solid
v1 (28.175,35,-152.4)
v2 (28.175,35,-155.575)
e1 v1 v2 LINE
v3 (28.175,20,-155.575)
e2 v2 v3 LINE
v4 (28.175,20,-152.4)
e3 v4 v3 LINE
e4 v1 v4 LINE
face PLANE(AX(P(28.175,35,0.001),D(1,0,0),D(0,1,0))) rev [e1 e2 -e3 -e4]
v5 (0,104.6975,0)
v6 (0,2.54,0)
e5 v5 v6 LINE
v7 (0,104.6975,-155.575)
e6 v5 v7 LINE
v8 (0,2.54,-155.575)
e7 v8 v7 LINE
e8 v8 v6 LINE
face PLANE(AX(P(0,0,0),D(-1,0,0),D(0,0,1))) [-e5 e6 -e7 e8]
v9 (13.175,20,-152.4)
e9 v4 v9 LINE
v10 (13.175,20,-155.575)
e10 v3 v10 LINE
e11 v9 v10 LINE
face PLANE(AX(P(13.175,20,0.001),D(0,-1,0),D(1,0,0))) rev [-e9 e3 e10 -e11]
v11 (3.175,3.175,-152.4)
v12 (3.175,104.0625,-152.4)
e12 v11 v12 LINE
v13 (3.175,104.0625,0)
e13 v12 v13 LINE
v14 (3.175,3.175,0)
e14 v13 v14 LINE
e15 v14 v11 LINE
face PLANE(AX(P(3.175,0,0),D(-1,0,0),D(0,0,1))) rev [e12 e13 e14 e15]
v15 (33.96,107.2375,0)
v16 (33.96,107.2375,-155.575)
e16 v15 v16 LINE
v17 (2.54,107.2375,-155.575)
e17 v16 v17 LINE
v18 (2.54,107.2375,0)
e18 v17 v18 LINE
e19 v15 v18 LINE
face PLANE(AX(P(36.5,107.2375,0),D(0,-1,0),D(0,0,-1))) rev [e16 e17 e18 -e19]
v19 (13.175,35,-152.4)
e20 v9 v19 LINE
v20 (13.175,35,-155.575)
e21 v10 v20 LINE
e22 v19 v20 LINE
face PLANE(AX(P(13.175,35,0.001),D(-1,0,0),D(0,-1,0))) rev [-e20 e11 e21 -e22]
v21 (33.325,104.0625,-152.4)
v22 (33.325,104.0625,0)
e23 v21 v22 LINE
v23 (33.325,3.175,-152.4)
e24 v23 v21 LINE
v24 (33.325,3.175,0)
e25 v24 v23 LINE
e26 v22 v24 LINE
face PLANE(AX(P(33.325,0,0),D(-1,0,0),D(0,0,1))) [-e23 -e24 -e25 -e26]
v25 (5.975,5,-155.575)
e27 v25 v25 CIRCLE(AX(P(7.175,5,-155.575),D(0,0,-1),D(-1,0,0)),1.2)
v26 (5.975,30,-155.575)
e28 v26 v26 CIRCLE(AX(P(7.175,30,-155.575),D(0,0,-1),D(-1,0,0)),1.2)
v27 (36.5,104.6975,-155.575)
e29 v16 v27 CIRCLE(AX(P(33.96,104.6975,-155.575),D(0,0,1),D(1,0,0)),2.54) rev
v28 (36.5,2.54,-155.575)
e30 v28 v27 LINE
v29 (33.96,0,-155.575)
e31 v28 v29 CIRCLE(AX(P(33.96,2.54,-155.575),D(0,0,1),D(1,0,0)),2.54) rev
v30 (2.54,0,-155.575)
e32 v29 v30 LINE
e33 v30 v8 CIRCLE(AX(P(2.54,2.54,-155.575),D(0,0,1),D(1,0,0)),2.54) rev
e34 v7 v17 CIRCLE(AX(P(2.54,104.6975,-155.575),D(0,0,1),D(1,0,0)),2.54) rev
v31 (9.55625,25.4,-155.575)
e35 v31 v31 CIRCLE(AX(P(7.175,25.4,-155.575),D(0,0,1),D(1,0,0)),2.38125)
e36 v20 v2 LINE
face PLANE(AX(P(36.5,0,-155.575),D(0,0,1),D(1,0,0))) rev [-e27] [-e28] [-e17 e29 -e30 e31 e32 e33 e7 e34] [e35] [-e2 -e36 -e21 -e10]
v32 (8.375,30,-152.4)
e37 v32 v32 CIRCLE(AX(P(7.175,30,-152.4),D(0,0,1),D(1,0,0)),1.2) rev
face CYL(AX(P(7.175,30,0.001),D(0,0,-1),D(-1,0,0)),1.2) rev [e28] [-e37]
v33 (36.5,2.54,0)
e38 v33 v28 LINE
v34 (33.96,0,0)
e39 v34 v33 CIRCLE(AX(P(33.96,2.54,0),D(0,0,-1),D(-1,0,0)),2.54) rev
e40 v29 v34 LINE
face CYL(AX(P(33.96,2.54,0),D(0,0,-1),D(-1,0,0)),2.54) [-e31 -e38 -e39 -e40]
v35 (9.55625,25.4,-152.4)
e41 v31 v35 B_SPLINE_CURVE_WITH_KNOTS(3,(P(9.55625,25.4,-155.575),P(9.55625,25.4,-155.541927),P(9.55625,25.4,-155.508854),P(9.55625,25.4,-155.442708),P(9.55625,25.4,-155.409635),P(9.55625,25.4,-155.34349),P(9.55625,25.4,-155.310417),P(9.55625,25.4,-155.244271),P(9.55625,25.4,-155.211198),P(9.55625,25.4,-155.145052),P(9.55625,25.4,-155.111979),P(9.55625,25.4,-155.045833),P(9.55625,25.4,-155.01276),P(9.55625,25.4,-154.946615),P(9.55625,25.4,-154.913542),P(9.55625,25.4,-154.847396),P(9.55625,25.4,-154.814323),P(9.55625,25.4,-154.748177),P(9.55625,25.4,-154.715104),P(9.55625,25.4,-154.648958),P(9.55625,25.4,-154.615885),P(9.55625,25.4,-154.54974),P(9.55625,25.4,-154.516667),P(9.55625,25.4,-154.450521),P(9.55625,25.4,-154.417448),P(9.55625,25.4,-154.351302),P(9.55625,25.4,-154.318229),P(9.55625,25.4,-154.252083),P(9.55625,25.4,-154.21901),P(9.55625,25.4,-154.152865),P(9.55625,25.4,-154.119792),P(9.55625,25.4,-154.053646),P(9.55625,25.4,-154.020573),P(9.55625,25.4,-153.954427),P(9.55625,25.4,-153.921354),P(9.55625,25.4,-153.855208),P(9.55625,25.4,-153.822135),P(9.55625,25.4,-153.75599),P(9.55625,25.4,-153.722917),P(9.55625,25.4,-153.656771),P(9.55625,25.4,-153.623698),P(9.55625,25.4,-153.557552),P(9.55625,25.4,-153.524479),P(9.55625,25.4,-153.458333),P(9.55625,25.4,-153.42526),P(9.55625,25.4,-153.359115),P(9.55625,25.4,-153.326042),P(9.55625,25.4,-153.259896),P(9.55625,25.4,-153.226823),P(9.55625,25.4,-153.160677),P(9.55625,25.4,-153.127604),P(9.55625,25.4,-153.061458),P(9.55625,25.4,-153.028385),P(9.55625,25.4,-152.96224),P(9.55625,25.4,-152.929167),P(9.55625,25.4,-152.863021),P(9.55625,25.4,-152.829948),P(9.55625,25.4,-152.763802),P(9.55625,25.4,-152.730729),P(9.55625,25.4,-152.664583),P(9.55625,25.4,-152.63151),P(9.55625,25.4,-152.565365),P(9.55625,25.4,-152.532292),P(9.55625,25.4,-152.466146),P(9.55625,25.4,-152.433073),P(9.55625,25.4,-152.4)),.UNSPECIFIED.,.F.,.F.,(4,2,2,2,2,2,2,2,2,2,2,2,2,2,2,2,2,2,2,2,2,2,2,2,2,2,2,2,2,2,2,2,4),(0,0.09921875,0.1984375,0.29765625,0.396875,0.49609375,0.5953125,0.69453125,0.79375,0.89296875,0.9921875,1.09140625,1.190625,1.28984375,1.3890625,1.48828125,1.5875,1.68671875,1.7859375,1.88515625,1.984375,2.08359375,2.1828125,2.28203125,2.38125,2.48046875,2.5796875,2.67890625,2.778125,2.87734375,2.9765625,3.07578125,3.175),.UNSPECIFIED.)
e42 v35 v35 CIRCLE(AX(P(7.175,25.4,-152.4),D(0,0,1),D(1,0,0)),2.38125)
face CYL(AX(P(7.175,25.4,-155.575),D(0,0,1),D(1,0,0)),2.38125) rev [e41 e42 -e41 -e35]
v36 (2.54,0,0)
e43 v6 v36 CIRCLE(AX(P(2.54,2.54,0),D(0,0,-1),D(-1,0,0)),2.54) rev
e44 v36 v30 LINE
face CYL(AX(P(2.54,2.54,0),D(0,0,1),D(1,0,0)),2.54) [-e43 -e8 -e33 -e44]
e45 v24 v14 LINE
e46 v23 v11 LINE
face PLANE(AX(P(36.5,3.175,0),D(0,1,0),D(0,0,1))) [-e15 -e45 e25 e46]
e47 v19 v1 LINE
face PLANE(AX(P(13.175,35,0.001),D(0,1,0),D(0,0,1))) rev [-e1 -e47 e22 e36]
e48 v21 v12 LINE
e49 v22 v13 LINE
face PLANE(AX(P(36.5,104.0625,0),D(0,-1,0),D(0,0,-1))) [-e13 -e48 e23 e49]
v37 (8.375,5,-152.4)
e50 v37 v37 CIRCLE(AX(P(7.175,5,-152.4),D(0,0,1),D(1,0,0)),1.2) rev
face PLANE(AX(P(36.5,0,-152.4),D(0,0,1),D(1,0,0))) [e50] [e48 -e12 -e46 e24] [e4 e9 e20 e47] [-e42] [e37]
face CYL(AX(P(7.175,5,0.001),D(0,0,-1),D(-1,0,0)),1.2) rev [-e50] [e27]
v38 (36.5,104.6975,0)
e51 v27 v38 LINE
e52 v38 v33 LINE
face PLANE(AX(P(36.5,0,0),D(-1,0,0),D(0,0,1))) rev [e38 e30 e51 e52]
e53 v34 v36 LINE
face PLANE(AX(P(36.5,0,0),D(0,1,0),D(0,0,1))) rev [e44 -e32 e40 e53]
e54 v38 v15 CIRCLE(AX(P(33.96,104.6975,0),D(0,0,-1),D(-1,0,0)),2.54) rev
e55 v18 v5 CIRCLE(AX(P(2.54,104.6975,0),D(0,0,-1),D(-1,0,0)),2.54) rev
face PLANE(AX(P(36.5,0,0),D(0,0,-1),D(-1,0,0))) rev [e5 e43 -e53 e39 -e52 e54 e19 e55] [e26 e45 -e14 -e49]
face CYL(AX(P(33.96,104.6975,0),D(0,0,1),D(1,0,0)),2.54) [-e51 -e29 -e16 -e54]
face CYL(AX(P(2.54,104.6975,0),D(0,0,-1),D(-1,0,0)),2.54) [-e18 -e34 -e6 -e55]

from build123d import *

# Parameters (mm, degrees)
SKETCH1_W           = 155.575
SKETCH1_H           = 107.237500028
BOSS_EXTRUDE1_DEPTH = 36.5
SHELL2_T            = -3.175
FILLET1_R           = 2.54
CUT_EXTRUDE2_REACH  = 194.447
SKETCH7_R           = 1.2
SKETCH7_W           = 15
SKETCH7_H           = 15
SKETCH8_R           = 2.38125
CUT_EXTRUDE3_DEPTH  = 190.889155594


with BuildPart() as part:
    # Sketch1 → Boss-Extrude1 (new body)
    with BuildSketch(Plane(origin=(0, 0, 0), x_dir=(0, 0, -1), z_dir=(1, 0, 0))):
        with Locations((77.7875, 53.618750014)):
            Rectangle(SKETCH1_W, SKETCH1_H)
    extrude(amount=BOSS_EXTRUDE1_DEPTH)

    # Shell2
    shell2_openings = [part.faces().sort_by_distance(p)[0] for p in [
        (18.25, 53.618750014, 0),
    ]]
    offset(amount=SHELL2_T, openings=shell2_openings, kind=Kind.INTERSECTION)

    # Fillet1
    fillet1_edges = [part.edges().sort_by_distance(p)[0] for p in [
        (36.5, 107.237500028, -77.7875),
        (0, 107.237500028, -77.7875),
        (0, 0, -77.7875),
        (36.5, 0, -77.7875),
    ]]
    fillet(fillet1_edges, radius=FILLET1_R)

    # Sketch7 → Cut-Extrude2 (cut, up to next)
    with BuildSketch(Plane(origin=(0, 0, -155.575), x_dir=(-1, 0, 0), z_dir=(0, 0, -1)), mode=Mode.PRIVATE) as cut_extrude2_sk1:
        with Locations((-7.175, 30)):
            Circle(SKETCH7_R)
    cut_extrude2_tool1 = extrude(cut_extrude2_sk1.sketch, amount=-CUT_EXTRUDE2_REACH, mode=Mode.PRIVATE) & part.part
    # Sketch7 → Cut-Extrude2 (cut, up to next)
    with BuildSketch(Plane(origin=(0, 0, -155.575), x_dir=(-1, 0, 0), z_dir=(0, 0, -1)), mode=Mode.PRIVATE) as cut_extrude2_sk2:
        with Locations((-7.175, 5)):
            Circle(SKETCH7_R)
    cut_extrude2_tool2 = extrude(cut_extrude2_sk2.sketch, amount=-CUT_EXTRUDE2_REACH, mode=Mode.PRIVATE) & part.part
    # Sketch7 → Cut-Extrude2 (cut, up to next)
    with BuildSketch(Plane(origin=(0, 0, -155.575), x_dir=(-1, 0, 0), z_dir=(0, 0, -1)), mode=Mode.PRIVATE) as cut_extrude2_sk3:
        with Locations((-20.675, 27.5)):
            Rectangle(SKETCH7_W, SKETCH7_H)
    cut_extrude2_tool3 = extrude(cut_extrude2_sk3.sketch, amount=-CUT_EXTRUDE2_REACH, mode=Mode.PRIVATE) & part.part
    add(cut_extrude2_tool1.solids().sort_by_distance((7.175, 30, -155.575))[0], mode=Mode.SUBTRACT)
    add(cut_extrude2_tool2.solids().sort_by_distance((7.175, 5, -155.575))[0], mode=Mode.SUBTRACT)
    add(cut_extrude2_tool3.solids().sort_by_distance((20.675, 27.5, -155.575))[0], mode=Mode.SUBTRACT)

    # Sketch8 → Cut-Extrude3 (cut, through all)
    with BuildSketch(Plane.XY.offset(-152.4)):
        with Locations((7.175, 25.4)):
            Circle(SKETCH8_R)
    extrude(amount=-CUT_EXTRUDE3_DEPTH, mode=Mode.SUBTRACT)


solid = part.part
